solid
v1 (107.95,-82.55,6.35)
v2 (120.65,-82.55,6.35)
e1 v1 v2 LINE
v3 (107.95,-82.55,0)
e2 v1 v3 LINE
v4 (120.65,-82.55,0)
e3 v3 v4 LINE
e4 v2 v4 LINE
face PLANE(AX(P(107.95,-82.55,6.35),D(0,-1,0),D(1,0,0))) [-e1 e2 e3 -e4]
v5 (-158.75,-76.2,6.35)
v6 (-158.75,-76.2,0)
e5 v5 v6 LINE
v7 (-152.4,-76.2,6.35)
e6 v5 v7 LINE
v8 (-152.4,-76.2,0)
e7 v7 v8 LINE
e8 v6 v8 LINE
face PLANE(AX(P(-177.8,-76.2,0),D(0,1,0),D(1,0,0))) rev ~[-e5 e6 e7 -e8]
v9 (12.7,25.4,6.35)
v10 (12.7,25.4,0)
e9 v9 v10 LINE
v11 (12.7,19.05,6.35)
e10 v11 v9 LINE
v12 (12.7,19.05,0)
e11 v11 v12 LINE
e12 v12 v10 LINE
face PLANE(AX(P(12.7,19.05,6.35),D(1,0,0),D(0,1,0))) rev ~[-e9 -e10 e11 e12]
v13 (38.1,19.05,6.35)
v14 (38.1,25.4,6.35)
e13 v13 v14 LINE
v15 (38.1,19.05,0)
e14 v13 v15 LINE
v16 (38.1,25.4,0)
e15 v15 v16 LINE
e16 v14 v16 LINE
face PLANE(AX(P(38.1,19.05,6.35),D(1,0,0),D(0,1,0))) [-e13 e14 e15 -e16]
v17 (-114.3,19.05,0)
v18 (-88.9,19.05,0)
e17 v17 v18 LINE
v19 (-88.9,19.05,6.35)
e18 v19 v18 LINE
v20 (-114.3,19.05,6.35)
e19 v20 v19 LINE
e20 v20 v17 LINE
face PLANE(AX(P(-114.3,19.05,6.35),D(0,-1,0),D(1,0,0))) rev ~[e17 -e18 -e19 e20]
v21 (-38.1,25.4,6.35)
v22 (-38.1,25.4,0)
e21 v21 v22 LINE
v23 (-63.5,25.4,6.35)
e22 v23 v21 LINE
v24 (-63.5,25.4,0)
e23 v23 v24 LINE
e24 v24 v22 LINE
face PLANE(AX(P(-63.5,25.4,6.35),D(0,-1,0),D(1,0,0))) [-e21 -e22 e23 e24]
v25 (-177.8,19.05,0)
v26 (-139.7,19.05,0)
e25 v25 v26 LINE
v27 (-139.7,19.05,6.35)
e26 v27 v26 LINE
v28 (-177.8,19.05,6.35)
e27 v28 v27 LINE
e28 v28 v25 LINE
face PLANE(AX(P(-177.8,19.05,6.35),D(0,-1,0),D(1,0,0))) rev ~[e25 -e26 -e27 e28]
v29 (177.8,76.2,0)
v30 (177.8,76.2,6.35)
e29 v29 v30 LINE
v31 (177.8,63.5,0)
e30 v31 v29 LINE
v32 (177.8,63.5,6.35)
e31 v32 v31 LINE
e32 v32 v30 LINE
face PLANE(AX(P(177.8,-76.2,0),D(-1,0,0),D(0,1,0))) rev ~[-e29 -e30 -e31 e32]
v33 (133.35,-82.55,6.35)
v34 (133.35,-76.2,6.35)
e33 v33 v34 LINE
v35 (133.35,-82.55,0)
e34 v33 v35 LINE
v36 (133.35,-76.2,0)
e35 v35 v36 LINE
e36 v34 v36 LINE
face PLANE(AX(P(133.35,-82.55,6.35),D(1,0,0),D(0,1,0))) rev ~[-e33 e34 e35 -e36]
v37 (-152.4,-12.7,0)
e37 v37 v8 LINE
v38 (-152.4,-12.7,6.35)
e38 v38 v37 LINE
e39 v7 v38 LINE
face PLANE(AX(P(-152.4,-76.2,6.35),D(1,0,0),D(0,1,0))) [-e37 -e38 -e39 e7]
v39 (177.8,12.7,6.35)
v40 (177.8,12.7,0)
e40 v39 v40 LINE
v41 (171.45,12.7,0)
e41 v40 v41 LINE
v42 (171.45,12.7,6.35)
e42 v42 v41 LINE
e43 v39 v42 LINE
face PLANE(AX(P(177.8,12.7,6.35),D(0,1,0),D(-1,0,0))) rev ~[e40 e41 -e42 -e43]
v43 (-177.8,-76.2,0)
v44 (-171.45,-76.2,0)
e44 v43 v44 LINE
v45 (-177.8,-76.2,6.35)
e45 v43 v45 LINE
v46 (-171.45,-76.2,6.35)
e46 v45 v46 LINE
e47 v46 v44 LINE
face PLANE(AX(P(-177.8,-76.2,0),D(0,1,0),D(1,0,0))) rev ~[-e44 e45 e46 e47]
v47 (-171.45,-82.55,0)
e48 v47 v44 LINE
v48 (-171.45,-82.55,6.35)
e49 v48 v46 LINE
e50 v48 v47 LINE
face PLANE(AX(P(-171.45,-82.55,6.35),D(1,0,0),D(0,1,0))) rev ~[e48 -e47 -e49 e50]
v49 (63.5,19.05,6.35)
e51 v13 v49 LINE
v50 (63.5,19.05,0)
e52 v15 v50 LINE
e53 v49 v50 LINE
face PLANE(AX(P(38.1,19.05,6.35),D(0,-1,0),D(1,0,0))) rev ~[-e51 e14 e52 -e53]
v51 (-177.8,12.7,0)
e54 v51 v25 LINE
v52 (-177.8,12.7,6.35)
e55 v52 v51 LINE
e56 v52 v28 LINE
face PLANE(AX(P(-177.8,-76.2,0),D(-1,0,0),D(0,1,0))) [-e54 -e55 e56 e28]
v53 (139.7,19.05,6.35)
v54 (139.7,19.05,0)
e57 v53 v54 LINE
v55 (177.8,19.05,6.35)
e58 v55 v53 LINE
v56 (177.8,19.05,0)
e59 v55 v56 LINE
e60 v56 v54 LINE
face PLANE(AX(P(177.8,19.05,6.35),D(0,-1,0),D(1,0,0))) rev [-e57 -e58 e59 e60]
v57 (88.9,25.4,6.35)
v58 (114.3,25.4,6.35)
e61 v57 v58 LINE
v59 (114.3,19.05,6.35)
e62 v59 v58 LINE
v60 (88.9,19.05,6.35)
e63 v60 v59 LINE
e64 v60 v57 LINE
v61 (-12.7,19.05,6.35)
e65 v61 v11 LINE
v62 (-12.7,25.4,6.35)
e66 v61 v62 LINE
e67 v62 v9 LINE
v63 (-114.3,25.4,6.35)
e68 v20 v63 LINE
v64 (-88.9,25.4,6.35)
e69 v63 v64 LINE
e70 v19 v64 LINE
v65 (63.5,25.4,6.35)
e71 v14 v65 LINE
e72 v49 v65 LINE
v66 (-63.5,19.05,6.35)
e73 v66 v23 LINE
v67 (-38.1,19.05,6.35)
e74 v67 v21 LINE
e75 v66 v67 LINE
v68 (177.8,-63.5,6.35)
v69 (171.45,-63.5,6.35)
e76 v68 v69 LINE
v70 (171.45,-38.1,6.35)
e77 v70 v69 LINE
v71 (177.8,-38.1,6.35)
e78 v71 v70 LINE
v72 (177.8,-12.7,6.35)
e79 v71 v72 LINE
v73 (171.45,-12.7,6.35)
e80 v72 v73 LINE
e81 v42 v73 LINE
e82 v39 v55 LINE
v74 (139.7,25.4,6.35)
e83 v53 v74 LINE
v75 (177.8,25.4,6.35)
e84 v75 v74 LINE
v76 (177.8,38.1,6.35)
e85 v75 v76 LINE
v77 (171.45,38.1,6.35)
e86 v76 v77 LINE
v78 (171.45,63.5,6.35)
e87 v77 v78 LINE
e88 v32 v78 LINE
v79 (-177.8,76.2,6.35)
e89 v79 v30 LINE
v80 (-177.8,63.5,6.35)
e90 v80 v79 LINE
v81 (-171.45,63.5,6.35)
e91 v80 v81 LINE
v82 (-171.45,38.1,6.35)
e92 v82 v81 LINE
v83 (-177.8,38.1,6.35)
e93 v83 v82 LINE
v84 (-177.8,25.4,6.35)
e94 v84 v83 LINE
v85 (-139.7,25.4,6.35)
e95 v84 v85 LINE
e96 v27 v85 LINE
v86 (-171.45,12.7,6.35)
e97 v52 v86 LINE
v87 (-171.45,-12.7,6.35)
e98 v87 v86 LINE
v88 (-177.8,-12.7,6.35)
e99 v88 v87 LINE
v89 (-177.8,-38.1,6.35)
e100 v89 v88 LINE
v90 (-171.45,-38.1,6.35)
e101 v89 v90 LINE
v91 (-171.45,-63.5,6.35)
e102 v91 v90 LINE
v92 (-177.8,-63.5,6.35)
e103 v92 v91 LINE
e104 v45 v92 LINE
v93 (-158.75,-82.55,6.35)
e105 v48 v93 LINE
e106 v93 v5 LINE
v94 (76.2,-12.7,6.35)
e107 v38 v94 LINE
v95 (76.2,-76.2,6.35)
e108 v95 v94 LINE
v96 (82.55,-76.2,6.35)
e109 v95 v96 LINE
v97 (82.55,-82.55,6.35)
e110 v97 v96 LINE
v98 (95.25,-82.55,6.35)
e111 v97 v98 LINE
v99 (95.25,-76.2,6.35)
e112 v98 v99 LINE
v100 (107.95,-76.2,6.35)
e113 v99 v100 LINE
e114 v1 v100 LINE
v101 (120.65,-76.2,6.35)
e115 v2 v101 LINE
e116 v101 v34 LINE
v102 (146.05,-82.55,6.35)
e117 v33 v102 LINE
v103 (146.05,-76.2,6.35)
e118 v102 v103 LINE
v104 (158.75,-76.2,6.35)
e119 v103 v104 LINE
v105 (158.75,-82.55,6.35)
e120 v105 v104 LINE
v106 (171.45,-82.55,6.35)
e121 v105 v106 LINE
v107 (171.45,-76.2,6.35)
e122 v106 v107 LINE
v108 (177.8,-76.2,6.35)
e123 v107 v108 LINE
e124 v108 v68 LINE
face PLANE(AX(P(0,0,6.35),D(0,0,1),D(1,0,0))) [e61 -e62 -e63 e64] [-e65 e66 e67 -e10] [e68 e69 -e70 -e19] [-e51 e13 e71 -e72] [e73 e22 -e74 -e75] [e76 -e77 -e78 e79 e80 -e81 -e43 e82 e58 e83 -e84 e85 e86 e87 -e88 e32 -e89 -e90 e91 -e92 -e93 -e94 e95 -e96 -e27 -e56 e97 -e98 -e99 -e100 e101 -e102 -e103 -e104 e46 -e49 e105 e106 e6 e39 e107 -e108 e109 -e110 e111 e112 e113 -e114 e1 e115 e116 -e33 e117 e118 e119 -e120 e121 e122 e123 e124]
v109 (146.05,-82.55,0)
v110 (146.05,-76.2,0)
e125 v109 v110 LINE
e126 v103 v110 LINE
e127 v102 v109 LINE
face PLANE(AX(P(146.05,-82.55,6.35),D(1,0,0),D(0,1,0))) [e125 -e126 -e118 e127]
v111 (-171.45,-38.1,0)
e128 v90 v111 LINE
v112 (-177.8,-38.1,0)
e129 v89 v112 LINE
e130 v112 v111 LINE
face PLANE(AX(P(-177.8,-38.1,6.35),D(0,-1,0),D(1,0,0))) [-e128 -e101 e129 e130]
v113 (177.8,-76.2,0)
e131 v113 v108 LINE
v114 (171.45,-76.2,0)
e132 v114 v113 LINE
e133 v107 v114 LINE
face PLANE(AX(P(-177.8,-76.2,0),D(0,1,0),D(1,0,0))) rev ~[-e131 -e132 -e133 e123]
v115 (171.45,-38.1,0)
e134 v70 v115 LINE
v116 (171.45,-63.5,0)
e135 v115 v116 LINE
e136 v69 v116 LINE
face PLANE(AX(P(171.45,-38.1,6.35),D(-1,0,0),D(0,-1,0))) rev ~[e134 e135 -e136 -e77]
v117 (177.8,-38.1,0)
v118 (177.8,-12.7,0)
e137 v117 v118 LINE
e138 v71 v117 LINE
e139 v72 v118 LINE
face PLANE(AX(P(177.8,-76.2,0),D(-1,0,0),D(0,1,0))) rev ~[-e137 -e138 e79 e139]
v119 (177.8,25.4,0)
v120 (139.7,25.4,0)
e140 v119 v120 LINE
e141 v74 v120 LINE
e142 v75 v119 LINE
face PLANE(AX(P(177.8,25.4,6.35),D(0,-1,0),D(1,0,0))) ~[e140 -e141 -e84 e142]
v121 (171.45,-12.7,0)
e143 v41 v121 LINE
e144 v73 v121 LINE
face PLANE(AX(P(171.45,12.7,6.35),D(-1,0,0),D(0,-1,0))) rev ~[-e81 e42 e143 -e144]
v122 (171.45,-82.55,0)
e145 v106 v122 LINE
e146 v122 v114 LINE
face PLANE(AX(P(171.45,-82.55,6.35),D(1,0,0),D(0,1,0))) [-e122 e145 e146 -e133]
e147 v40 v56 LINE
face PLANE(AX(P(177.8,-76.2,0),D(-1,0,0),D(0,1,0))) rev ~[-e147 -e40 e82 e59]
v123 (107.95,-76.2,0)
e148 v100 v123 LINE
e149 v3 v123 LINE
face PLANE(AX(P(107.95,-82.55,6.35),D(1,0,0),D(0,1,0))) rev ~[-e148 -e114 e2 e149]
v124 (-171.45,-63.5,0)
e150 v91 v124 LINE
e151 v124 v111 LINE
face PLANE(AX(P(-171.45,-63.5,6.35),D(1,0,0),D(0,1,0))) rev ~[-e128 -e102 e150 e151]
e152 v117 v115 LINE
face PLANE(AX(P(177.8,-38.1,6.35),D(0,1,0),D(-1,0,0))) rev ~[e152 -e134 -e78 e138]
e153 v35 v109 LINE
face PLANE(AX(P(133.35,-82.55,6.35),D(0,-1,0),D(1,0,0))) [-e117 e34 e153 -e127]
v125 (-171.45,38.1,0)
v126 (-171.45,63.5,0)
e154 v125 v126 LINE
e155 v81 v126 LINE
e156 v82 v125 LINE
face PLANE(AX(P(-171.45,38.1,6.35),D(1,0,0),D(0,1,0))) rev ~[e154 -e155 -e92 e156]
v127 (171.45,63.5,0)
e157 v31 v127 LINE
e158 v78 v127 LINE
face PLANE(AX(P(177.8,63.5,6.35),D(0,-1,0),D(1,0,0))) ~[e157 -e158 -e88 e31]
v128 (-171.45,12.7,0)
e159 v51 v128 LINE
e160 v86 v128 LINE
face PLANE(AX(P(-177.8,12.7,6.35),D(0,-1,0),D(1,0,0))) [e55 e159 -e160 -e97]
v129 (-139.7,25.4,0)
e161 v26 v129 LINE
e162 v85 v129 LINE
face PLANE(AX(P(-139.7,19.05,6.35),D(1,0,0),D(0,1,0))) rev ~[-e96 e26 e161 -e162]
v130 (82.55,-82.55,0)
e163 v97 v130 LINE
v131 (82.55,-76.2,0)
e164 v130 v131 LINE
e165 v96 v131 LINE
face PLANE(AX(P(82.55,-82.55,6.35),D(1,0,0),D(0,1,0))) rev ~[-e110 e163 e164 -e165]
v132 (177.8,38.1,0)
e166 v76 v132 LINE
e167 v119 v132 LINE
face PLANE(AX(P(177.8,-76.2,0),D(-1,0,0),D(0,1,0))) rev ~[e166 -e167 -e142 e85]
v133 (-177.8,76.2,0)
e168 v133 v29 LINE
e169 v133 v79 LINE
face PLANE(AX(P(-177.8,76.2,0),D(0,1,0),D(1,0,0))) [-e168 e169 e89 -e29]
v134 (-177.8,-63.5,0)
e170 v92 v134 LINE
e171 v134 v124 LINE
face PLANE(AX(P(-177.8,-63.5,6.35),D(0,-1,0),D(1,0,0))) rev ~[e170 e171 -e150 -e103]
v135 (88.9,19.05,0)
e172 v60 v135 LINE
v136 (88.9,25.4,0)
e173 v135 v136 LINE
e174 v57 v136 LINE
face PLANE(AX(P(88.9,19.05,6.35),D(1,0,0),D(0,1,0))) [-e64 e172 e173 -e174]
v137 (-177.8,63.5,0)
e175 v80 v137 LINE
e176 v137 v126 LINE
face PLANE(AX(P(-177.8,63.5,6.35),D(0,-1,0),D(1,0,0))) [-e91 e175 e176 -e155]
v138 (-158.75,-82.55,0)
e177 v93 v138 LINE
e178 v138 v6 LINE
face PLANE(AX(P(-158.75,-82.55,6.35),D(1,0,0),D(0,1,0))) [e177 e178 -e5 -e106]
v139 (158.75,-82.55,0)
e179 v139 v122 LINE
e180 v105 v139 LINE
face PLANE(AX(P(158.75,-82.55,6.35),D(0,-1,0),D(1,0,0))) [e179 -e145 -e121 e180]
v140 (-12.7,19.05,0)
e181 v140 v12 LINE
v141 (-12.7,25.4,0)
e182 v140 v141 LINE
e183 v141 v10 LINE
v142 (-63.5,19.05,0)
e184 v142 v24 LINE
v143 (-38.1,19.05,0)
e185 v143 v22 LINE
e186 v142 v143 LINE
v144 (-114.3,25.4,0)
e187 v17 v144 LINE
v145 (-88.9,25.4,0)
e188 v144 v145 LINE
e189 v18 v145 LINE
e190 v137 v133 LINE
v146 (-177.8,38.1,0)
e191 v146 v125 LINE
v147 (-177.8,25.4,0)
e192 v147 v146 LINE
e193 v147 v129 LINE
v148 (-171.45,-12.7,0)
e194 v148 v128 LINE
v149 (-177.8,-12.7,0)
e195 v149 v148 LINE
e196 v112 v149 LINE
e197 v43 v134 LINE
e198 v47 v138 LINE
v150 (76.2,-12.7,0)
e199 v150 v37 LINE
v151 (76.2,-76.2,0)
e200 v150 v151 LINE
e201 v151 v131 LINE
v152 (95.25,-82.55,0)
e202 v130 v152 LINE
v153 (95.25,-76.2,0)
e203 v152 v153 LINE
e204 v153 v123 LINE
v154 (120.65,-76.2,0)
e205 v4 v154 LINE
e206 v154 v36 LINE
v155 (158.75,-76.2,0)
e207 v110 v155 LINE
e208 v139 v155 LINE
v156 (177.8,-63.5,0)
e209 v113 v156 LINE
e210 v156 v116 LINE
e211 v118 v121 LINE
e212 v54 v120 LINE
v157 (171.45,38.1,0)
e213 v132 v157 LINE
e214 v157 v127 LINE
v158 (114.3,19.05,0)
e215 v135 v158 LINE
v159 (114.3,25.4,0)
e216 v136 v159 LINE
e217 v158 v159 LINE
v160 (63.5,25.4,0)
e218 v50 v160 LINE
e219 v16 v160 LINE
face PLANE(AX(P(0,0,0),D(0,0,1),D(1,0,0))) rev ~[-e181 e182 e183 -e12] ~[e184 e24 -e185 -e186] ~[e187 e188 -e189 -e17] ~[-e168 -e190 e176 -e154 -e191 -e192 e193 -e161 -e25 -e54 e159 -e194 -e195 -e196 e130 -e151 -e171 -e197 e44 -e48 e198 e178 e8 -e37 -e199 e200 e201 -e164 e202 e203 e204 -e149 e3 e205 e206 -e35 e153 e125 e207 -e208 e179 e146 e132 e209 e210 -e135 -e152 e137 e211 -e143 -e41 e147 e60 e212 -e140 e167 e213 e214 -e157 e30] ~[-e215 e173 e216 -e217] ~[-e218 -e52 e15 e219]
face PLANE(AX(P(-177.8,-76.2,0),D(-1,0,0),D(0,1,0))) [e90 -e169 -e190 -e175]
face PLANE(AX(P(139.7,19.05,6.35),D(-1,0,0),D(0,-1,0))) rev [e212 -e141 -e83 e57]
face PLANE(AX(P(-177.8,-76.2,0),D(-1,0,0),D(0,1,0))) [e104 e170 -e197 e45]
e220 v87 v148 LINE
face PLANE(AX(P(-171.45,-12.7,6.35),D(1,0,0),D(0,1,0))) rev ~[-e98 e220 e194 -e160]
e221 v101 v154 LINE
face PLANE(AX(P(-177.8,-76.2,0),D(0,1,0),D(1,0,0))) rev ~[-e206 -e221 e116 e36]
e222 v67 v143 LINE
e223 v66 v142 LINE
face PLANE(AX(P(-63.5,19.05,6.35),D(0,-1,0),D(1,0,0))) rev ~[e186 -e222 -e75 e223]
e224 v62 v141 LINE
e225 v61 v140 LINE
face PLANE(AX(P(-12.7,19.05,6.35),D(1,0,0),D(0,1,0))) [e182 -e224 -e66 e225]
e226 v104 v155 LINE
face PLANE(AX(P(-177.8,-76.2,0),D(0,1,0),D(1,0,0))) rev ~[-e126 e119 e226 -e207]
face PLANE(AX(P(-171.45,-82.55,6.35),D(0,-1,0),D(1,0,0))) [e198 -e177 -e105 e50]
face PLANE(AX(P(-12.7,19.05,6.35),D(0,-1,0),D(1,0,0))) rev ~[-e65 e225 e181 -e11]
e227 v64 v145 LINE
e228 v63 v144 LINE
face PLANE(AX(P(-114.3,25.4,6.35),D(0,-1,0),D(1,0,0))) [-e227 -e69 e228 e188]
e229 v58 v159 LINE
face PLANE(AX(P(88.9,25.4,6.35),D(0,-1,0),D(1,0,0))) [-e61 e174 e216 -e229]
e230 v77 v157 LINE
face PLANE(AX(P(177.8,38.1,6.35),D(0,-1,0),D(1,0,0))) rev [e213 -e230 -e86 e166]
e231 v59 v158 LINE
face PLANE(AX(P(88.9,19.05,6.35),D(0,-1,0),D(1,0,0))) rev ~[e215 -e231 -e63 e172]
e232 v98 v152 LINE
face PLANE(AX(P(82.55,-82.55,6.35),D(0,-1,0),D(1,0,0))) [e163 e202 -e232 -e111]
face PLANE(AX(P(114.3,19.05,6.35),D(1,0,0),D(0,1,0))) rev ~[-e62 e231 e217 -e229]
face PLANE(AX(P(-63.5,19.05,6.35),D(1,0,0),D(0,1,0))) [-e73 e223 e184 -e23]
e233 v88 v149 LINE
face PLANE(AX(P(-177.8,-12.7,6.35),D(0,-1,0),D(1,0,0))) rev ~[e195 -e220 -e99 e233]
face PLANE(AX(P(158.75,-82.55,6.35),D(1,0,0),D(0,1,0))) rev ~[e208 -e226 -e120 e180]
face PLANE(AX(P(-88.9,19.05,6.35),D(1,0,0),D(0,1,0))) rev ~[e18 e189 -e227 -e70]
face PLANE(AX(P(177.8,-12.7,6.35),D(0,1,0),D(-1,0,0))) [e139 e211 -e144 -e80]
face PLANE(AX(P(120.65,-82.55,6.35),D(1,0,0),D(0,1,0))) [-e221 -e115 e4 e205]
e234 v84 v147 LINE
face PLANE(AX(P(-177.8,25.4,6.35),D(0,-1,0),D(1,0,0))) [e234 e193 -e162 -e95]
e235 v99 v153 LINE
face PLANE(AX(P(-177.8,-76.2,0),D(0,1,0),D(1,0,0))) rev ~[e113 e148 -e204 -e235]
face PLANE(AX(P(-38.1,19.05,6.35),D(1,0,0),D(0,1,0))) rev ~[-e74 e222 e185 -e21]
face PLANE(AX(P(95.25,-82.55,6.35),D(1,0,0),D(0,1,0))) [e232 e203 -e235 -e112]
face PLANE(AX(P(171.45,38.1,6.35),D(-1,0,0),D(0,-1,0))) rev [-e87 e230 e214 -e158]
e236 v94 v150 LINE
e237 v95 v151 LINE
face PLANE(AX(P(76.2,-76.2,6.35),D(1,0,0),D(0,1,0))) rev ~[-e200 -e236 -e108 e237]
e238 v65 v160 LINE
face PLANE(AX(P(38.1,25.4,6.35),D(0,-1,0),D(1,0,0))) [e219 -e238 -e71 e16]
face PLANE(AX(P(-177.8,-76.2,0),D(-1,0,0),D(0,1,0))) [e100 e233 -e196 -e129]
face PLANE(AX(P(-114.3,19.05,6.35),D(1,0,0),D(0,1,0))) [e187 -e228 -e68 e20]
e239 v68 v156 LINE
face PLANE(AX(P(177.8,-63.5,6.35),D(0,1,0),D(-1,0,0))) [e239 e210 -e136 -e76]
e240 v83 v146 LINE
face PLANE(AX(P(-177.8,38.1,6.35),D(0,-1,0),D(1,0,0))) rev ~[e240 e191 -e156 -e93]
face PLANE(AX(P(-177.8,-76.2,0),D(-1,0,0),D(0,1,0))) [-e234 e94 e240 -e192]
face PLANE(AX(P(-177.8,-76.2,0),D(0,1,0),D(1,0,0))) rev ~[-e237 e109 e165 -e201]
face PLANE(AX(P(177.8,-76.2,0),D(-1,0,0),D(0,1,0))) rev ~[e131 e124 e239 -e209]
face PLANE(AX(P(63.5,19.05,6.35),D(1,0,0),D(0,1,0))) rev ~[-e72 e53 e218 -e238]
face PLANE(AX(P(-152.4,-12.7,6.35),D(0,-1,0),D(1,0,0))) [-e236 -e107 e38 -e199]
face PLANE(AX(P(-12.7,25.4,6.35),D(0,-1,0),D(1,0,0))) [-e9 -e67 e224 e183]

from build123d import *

# Parameters (mm, degrees)
ESQUISSE1_W                = 355.6
ESQUISSE1_H                = 152.4
BOSS_EXTRU_1_DEPTH         = 6.35
ESQUISSE3_W                = 6.35
ESQUISSE3_H                = 25.4
ENL_V_MAT_EXTRU_2_DEPTH    = 6.35
R_P_TITION_LIN_AIRE2_COUNT = 3
R_P_TITION_LIN_AIRE2_PITCH = 50.8
SYM_TRIE1_COPY_1_SKETCH_W  = 6.35
SYM_TRIE1_COPY_1_SKETCH_H  = 25.4
SYM_TRIE1_COPY_1_DEPTH     = 6.35
SYM_TRIE1_COPY_2_SKETCH_W  = 6.35
SYM_TRIE1_COPY_2_SKETCH_H  = 25.4
SYM_TRIE1_COPY_2_DEPTH     = 6.35
CUT_EXTRUDE1_REACH         = 195.545
SKETCH1_W                  = 228.6
SKETCH1_H                  = 63.5
ESQUISSE5_W                = 38.1
ESQUISSE5_H                = 6.35
ENL_V_MAT_EXTRU_4_DEPTH    = 6.35
ESQUISSE6_W                = 25.4
ESQUISSE6_H                = 6.35
ENL_V_MAT_EXTRU_5_DEPTH    = 6.35
R_P_TITION_LIN_AIRE3_COUNT = 5
R_P_TITION_LIN_AIRE3_PITCH = 50.8
ESQUISSE8_W                = 12.7
ESQUISSE8_H                = 6.35
BOSS_EXTRU_2_DEPTH         = 6.35


with BuildPart() as part:
    # Esquisse1 → Boss.-Extru.1 (new body)
    with BuildSketch(Plane.XY):
        Rectangle(ESQUISSE1_W, ESQUISSE1_H)
    extrude(amount=BOSS_EXTRU_1_DEPTH)

    # Esquisse3 → Enlèv. mat.-Extru.2 (cut)
    with BuildSketch(Plane.XY.offset(6.35)):
        with Locations((-174.625, 50.8)):
            Rectangle(ESQUISSE3_W, ESQUISSE3_H)
    enl_v_mat_extru_2 = extrude(amount=-ENL_V_MAT_EXTRU_2_DEPTH, mode=Mode.SUBTRACT)

    # Répétition linéaire2: Enlèv. mat.-Extru.2 ×3
    with Locations(*[(0, -i * R_P_TITION_LIN_AIRE2_PITCH, 0) for i in range(1, R_P_TITION_LIN_AIRE2_COUNT)]):
        add(enl_v_mat_extru_2, mode=Mode.SUBTRACT)

    # Symétrie1: Enlèv. mat.-Extru.2 across plane
    add(enl_v_mat_extru_2.mirror(Plane(origin=(0, 0, 0), x_dir=(0, 0, 1), z_dir=(1, 0, 0))), mode=Mode.SUBTRACT)

    # Symétrie1 copy 1 sketch → Symétrie1 copy 1 (cut)
    with BuildSketch(Plane(origin=(0, -50.8, 6.35), x_dir=(-1, 0, 0), z_dir=(0, 0, 1))):
        with Locations((-174.625, -50.8)):
            Rectangle(SYM_TRIE1_COPY_1_SKETCH_W, SYM_TRIE1_COPY_1_SKETCH_H)
    extrude(amount=-SYM_TRIE1_COPY_1_DEPTH, mode=Mode.SUBTRACT)

    # Symétrie1 copy 2 sketch → Symétrie1 copy 2 (cut)
    with BuildSketch(Plane(origin=(0, -101.6, 6.35), x_dir=(-1, 0, 0), z_dir=(0, 0, 1))):
        with Locations((-174.625, -50.8)):
            Rectangle(SYM_TRIE1_COPY_2_SKETCH_W, SYM_TRIE1_COPY_2_SKETCH_H)
    extrude(amount=-SYM_TRIE1_COPY_2_DEPTH, mode=Mode.SUBTRACT)

    # Sketch1 → Cut-Extrude1 (cut, up to next)
    with BuildSketch(Plane.XY.offset(6.35), mode=Mode.PRIVATE) as cut_extrude1_sk1:
        with Locations((-38.1, -44.45)):
            Rectangle(SKETCH1_W, SKETCH1_H)
    cut_extrude1_tool1 = extrude(cut_extrude1_sk1.sketch, amount=-CUT_EXTRUDE1_REACH, mode=Mode.PRIVATE) & part.part
    add(cut_extrude1_tool1.solids().sort_by_distance((-38.1, -44.45, 6.35))[0], mode=Mode.SUBTRACT)

    # Esquisse5 → Enlèv. mat.-Extru.4 (cut)
    with BuildSketch(Plane.XY.offset(6.35)):
        with Locations((-158.75, 22.225)):
            Rectangle(ESQUISSE5_W, ESQUISSE5_H)
    enl_v_mat_extru_4 = extrude(amount=-ENL_V_MAT_EXTRU_4_DEPTH, mode=Mode.SUBTRACT)

    # Symétrie2: Enlèv. mat.-Extru.4 across plane
    add(enl_v_mat_extru_4.mirror(Plane(origin=(0, 0, 0), x_dir=(0, 0, 1), z_dir=(1, 0, 0))), mode=Mode.SUBTRACT)

    # Esquisse6 → Enlèv. mat.-Extru.5 (cut)
    with BuildSketch(Plane.XY.offset(6.35)):
        with Locations((-101.6, 22.225)):
            Rectangle(ESQUISSE6_W, ESQUISSE6_H)
    enl_v_mat_extru_5 = extrude(amount=-ENL_V_MAT_EXTRU_5_DEPTH, mode=Mode.SUBTRACT)

    # Répétition linéaire3: Enlèv. mat.-Extru.5 ×5
    with Locations(*[(i * R_P_TITION_LIN_AIRE3_PITCH, 0, 0) for i in range(1, R_P_TITION_LIN_AIRE3_COUNT)]):
        add(enl_v_mat_extru_5, mode=Mode.SUBTRACT)

    # Esquisse8 → Boss.-Extru.2 (add)
    with BuildSketch(Plane.XY.offset(6.35)):
        with Locations((-165.1, -79.375)):
            Rectangle(ESQUISSE8_W, ESQUISSE8_H)
        with Locations((88.9, -79.375)):
            Rectangle(ESQUISSE8_W, ESQUISSE8_H)
        with Locations((114.3, -79.375)):
            Rectangle(ESQUISSE8_W, ESQUISSE8_H)
        with Locations((139.7, -79.375)):
            Rectangle(ESQUISSE8_W, ESQUISSE8_H)
        with Locations((165.1, -79.375)):
            Rectangle(ESQUISSE8_W, ESQUISSE8_H)
    extrude(amount=-BOSS_EXTRU_2_DEPTH)


solid = part.part
